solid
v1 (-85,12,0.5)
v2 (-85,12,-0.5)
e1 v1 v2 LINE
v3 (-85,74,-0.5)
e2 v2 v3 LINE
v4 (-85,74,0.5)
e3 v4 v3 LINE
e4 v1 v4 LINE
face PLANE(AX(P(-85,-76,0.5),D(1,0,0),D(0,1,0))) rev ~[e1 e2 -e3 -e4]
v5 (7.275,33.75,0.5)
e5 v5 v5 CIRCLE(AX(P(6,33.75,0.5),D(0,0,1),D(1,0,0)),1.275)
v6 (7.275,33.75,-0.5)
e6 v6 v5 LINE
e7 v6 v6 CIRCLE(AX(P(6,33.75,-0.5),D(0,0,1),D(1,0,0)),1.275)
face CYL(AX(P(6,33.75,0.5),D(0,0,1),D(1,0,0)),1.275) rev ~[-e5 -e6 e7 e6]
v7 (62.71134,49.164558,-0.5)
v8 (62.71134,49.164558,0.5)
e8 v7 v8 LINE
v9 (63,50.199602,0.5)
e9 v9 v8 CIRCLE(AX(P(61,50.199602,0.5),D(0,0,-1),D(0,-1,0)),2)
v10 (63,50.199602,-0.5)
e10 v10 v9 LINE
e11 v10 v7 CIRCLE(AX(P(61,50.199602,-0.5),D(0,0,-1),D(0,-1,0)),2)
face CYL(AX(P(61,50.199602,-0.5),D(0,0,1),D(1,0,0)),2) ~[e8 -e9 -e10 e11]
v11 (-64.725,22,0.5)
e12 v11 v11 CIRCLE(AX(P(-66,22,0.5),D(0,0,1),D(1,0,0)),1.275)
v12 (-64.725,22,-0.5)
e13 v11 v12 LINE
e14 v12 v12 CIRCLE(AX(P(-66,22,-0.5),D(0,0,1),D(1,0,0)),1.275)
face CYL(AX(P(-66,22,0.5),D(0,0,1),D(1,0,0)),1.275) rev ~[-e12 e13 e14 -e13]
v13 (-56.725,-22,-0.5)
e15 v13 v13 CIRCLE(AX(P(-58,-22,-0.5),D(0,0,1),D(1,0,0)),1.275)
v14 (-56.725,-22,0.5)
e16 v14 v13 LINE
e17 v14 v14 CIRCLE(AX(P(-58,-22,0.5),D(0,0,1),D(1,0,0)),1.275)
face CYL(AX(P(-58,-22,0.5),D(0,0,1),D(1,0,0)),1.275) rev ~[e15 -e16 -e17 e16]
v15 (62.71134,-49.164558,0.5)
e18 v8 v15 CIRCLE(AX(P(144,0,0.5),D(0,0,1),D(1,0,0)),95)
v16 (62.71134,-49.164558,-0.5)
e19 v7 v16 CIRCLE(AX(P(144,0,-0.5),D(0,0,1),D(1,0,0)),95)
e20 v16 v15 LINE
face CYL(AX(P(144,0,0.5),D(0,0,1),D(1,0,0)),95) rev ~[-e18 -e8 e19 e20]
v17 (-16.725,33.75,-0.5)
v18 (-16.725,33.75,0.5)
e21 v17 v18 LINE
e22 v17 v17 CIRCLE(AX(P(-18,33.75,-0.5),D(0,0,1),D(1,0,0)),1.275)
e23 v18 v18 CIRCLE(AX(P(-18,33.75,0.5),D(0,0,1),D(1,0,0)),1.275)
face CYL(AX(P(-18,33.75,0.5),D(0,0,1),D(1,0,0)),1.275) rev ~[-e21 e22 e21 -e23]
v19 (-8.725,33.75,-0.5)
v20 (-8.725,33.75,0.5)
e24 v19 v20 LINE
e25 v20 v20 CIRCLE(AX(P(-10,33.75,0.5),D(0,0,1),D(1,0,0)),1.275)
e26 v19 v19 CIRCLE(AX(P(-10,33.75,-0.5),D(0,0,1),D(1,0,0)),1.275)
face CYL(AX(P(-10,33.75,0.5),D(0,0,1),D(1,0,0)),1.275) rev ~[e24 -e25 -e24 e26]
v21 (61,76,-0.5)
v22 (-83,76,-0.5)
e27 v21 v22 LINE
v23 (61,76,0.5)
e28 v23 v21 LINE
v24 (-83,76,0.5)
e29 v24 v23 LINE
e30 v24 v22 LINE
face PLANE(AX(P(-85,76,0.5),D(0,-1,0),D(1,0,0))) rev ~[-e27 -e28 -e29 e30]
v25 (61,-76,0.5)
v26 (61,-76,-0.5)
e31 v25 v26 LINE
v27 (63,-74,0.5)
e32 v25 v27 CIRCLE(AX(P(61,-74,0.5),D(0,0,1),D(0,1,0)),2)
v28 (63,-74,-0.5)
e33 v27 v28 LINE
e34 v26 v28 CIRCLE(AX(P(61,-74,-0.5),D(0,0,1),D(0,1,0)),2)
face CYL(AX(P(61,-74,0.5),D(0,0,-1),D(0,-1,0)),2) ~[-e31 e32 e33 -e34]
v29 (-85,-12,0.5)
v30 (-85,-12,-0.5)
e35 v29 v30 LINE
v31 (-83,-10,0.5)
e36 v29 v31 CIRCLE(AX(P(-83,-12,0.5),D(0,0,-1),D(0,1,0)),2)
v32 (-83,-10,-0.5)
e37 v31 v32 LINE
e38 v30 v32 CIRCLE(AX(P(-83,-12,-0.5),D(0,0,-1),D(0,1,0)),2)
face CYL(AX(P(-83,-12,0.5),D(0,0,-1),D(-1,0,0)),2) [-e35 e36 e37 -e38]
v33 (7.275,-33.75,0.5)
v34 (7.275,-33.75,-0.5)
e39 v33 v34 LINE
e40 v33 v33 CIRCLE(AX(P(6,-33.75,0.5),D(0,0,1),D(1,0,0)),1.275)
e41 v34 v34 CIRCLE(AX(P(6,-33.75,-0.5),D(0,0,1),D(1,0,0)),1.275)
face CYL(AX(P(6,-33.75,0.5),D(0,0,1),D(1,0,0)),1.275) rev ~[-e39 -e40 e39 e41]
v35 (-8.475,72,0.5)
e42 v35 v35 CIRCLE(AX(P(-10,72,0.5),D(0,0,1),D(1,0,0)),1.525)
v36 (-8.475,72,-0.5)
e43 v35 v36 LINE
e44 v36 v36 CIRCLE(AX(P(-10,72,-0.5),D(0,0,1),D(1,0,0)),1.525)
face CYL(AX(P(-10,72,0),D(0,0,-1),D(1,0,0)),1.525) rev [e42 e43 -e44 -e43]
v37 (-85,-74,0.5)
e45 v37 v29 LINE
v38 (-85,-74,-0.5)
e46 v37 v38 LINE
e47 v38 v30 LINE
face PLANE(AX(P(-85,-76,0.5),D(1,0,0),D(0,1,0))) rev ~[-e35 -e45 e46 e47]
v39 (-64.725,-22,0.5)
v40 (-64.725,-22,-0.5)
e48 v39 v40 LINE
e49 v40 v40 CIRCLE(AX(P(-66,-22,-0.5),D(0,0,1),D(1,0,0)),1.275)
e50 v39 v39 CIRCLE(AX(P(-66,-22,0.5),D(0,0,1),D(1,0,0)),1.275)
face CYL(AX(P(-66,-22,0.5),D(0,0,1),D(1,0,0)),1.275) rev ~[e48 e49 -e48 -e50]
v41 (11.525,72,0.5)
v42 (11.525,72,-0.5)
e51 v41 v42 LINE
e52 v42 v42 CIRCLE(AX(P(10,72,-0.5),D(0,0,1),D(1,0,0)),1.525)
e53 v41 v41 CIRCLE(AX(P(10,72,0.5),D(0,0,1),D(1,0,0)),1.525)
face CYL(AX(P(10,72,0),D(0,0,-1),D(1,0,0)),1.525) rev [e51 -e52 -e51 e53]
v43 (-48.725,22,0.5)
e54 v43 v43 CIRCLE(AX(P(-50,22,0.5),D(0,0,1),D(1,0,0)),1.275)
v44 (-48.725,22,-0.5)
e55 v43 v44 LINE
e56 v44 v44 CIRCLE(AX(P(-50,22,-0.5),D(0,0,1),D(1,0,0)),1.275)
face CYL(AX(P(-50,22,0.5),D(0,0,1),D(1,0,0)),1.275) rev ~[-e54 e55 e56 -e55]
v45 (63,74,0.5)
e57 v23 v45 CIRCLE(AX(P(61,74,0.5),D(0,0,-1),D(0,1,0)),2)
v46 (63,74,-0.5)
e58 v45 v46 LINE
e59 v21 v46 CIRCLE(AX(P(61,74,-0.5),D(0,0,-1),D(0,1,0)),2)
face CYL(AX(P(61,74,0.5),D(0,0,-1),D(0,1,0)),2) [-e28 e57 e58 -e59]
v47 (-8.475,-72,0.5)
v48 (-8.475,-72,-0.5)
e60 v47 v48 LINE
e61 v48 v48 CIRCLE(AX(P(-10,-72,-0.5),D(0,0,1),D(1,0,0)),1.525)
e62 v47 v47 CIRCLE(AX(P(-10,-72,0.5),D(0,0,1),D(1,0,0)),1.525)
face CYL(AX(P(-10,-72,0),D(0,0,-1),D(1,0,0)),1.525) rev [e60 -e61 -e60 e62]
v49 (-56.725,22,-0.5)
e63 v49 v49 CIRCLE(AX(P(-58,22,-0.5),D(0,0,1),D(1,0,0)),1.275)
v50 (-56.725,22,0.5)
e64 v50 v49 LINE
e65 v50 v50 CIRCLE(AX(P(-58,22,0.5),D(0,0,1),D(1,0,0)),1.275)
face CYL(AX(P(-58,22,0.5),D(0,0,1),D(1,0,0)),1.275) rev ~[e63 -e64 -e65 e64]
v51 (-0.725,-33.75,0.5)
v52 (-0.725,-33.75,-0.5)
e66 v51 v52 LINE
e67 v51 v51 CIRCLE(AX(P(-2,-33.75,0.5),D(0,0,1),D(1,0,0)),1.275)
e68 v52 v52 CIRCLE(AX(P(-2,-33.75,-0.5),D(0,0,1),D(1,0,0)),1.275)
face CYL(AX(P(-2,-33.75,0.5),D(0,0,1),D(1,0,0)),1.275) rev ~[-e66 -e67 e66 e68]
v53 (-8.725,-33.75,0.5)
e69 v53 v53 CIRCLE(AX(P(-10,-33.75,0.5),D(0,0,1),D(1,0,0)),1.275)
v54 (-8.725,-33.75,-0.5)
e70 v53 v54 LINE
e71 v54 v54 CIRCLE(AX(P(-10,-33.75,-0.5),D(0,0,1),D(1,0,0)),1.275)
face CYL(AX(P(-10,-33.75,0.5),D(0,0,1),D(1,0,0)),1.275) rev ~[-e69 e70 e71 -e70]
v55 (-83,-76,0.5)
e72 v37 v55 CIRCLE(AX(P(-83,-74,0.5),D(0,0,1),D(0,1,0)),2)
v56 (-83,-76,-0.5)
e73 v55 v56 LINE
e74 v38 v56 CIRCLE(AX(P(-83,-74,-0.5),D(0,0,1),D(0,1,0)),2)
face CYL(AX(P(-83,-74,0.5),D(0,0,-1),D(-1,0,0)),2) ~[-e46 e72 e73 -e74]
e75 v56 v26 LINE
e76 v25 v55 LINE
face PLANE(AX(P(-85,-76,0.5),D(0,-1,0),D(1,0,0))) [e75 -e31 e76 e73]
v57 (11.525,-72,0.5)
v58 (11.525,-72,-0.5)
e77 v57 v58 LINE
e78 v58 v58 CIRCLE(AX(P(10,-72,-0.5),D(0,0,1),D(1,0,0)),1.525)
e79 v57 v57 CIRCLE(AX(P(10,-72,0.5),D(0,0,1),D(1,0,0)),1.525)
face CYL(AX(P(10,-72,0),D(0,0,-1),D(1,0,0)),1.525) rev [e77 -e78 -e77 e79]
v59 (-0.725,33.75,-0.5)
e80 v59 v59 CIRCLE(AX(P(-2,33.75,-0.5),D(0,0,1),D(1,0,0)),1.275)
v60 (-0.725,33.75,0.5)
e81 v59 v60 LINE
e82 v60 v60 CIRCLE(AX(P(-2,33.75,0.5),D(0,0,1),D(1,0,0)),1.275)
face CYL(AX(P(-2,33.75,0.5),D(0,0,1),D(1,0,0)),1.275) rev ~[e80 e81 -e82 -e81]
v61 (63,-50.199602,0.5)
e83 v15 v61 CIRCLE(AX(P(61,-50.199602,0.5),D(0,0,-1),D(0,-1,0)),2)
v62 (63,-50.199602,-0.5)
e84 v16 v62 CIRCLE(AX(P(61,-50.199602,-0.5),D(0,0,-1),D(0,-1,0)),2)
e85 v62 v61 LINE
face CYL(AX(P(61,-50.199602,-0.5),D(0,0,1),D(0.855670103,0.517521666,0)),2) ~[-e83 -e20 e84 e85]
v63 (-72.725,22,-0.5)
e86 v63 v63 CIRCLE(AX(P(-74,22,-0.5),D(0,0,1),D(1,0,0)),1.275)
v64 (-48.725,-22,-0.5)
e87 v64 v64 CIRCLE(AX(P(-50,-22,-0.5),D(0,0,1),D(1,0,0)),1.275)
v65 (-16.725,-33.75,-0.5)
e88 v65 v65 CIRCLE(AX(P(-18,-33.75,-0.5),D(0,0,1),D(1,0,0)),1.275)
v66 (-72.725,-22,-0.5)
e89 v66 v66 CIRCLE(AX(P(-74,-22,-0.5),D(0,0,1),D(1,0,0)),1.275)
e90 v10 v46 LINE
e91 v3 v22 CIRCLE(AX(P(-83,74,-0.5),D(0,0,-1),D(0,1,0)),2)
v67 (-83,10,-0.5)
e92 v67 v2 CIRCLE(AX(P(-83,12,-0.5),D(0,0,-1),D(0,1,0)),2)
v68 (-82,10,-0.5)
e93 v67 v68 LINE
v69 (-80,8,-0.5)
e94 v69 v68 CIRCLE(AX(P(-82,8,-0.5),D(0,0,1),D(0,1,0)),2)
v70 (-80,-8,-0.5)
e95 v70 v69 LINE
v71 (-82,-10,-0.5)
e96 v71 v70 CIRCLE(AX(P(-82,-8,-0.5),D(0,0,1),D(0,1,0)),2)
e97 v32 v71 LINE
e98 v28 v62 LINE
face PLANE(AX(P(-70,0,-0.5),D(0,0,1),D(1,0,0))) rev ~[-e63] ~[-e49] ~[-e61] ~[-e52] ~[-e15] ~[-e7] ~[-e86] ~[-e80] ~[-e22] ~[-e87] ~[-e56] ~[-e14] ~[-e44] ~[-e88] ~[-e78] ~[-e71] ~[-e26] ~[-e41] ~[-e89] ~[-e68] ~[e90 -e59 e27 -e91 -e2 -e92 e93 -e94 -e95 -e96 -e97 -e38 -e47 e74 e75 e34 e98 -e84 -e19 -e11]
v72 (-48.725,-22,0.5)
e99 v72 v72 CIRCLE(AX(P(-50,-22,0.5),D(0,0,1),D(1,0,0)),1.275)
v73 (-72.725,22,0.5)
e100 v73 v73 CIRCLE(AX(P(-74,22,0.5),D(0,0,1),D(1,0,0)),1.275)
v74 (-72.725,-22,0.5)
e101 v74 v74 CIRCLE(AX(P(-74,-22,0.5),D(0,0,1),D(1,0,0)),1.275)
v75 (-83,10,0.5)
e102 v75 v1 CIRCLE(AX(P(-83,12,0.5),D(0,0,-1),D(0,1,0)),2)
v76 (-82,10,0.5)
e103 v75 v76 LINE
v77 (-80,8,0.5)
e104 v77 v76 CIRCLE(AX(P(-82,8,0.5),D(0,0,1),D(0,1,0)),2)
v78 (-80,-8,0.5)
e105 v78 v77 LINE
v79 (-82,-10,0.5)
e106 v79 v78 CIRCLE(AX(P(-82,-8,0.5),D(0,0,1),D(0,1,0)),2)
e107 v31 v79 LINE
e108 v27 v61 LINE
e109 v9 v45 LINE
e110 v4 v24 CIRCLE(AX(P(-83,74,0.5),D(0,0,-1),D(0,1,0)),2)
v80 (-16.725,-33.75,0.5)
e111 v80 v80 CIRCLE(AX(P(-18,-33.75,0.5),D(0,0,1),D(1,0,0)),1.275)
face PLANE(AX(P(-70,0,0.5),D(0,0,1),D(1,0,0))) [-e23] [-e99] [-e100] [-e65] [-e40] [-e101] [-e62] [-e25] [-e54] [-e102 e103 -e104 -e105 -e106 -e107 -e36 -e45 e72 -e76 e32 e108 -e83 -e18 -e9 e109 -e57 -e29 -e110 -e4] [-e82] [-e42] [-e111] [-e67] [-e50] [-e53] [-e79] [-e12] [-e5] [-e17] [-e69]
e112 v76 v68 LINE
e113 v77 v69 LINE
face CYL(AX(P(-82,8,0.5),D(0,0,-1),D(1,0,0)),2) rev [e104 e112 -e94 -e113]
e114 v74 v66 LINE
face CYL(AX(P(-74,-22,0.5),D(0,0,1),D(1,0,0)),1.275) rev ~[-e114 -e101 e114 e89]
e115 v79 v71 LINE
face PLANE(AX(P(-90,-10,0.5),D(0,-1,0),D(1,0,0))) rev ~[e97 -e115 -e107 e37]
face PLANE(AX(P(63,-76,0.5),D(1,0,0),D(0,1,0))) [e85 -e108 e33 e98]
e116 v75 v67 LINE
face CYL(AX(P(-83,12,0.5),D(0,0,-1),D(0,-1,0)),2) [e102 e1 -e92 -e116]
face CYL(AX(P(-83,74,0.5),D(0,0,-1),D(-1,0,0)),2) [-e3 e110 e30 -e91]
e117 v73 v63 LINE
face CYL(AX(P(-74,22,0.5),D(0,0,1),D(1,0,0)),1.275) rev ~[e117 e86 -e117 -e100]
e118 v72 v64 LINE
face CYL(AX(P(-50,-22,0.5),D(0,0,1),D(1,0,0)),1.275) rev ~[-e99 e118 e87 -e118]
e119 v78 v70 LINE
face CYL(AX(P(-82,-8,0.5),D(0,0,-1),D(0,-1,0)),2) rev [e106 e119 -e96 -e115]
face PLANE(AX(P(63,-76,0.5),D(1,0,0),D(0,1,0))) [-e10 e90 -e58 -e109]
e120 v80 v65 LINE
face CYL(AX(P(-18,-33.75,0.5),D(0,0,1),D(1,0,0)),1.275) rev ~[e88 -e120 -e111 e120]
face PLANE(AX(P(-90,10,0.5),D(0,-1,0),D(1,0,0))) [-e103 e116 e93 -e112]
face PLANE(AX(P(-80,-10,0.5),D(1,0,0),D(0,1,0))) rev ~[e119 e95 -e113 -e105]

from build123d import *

# Parameters (mm, degrees)
SKETCH_1_W             = 89
SKETCH_1_H             = 152
SKETCH_1_R             = 1.525
EXTRUDE_1_DEPTH        = 0.5
SKETCH_2_R             = 1.275
CUT_EXTRUDE_1_DEPTH    = 5
SKETCH_4_W             = 29
SKETCH_4_H             = 152
EXTRUDE_3_DEPTH        = 1
SKETCH_5_R             = 95
CUT_EXTRUDE_3_DEPTH    = 22
SKETCH_9_W             = 30
SKETCH_9_H             = 152
EXTRUDE_4_DEPTH        = 1
PATTERN_LINEAR_1_COUNT = 4
PATTERN_LINEAR_1_PITCH = 8
SKETCH_10_W            = 10
SKETCH_10_H            = 20
CUT_EXTRUDE_4_DEPTH    = 10
FILLET_1_R             = 2


with BuildPart() as part:
    # 草图1 → 凸台-拉伸1 (new body, symmetric)
    with BuildSketch(Plane.XY):
        with Locations((-10.5, 0)):
            Rectangle(SKETCH_1_W, SKETCH_1_H)
        with Locations((-10, 72)):
            Circle(SKETCH_1_R, mode=Mode.SUBTRACT)
        with Locations((10, 72)):
            Circle(SKETCH_1_R, mode=Mode.SUBTRACT)
        with Locations((10, -72)):
            Circle(SKETCH_1_R, mode=Mode.SUBTRACT)
        with Locations((-10, -72)):
            Circle(SKETCH_1_R, mode=Mode.SUBTRACT)
    extrude(amount=EXTRUDE_1_DEPTH, both=True)

    # 草图2 → 切除-拉伸1 (cut, symmetric)
    with BuildSketch(Plane.XY.offset(0.5)):
        with Locations((-50, 22)):
            Circle(SKETCH_2_R)
        with Locations((-50, -22)):
            Circle(SKETCH_2_R)
        with Locations((6, -33.75)):
            Circle(SKETCH_2_R)
        with Locations((6, 33.75)):
            Circle(SKETCH_2_R)
    cut_extrude_1 = extrude(amount=CUT_EXTRUDE_1_DEPTH, both=True, mode=Mode.SUBTRACT)

    # 草图4 → 凸台-拉伸3 (add)
    with BuildSketch(Plane.XY.offset(0.5)):
        with Locations((48.5, 0)):
            Rectangle(SKETCH_4_W, SKETCH_4_H)
    extrude(amount=-EXTRUDE_3_DEPTH)

    # 草图5 → 切除-拉伸3 (cut)
    with BuildSketch(Plane.XY.offset(0.5)):
        with Locations((144, 0)):
            Circle(SKETCH_5_R)
    extrude(amount=-CUT_EXTRUDE_3_DEPTH, mode=Mode.SUBTRACT)

    # 草图9 → 凸台-拉伸4 (add)
    with BuildSketch(Plane.XY.offset(0.5)):
        with Locations((-70, 0)):
            Rectangle(SKETCH_9_W, SKETCH_9_H)
    extrude(amount=-EXTRUDE_4_DEPTH)

    # 阵列(线性)1: 切除-拉伸1 ×4
    with Locations(*[(-i * PATTERN_LINEAR_1_PITCH, 0, 0) for i in range(1, PATTERN_LINEAR_1_COUNT)]):
        add(cut_extrude_1, mode=Mode.SUBTRACT)

    # 草图10 → 切除-拉伸4 (cut)
    with BuildSketch(Plane.XY.offset(0.5)):
        with Locations((-85, 0)):
            Rectangle(SKETCH_10_W, SKETCH_10_H)
    extrude(amount=-CUT_EXTRUDE_4_DEPTH, mode=Mode.SUBTRACT)

    # 圆角1
    fillet_1_edges = [part.edges().sort_by_distance(p)[0] for p in [
        (-85, 10, 0),
        (-85, -10, 0),
        (-80, 10, 0),
        (-80, -10, 0),
        (63, 76, 0),
        (63, -76, 0),
        (63, -49.638694584, 0),
        (63, 49.638694584, 0),
        (-85, -76, 0),
        (-85, 76, 0),
    ]]
    fillet(fillet_1_edges, radius=FILLET_1_R)


solid = part.part
